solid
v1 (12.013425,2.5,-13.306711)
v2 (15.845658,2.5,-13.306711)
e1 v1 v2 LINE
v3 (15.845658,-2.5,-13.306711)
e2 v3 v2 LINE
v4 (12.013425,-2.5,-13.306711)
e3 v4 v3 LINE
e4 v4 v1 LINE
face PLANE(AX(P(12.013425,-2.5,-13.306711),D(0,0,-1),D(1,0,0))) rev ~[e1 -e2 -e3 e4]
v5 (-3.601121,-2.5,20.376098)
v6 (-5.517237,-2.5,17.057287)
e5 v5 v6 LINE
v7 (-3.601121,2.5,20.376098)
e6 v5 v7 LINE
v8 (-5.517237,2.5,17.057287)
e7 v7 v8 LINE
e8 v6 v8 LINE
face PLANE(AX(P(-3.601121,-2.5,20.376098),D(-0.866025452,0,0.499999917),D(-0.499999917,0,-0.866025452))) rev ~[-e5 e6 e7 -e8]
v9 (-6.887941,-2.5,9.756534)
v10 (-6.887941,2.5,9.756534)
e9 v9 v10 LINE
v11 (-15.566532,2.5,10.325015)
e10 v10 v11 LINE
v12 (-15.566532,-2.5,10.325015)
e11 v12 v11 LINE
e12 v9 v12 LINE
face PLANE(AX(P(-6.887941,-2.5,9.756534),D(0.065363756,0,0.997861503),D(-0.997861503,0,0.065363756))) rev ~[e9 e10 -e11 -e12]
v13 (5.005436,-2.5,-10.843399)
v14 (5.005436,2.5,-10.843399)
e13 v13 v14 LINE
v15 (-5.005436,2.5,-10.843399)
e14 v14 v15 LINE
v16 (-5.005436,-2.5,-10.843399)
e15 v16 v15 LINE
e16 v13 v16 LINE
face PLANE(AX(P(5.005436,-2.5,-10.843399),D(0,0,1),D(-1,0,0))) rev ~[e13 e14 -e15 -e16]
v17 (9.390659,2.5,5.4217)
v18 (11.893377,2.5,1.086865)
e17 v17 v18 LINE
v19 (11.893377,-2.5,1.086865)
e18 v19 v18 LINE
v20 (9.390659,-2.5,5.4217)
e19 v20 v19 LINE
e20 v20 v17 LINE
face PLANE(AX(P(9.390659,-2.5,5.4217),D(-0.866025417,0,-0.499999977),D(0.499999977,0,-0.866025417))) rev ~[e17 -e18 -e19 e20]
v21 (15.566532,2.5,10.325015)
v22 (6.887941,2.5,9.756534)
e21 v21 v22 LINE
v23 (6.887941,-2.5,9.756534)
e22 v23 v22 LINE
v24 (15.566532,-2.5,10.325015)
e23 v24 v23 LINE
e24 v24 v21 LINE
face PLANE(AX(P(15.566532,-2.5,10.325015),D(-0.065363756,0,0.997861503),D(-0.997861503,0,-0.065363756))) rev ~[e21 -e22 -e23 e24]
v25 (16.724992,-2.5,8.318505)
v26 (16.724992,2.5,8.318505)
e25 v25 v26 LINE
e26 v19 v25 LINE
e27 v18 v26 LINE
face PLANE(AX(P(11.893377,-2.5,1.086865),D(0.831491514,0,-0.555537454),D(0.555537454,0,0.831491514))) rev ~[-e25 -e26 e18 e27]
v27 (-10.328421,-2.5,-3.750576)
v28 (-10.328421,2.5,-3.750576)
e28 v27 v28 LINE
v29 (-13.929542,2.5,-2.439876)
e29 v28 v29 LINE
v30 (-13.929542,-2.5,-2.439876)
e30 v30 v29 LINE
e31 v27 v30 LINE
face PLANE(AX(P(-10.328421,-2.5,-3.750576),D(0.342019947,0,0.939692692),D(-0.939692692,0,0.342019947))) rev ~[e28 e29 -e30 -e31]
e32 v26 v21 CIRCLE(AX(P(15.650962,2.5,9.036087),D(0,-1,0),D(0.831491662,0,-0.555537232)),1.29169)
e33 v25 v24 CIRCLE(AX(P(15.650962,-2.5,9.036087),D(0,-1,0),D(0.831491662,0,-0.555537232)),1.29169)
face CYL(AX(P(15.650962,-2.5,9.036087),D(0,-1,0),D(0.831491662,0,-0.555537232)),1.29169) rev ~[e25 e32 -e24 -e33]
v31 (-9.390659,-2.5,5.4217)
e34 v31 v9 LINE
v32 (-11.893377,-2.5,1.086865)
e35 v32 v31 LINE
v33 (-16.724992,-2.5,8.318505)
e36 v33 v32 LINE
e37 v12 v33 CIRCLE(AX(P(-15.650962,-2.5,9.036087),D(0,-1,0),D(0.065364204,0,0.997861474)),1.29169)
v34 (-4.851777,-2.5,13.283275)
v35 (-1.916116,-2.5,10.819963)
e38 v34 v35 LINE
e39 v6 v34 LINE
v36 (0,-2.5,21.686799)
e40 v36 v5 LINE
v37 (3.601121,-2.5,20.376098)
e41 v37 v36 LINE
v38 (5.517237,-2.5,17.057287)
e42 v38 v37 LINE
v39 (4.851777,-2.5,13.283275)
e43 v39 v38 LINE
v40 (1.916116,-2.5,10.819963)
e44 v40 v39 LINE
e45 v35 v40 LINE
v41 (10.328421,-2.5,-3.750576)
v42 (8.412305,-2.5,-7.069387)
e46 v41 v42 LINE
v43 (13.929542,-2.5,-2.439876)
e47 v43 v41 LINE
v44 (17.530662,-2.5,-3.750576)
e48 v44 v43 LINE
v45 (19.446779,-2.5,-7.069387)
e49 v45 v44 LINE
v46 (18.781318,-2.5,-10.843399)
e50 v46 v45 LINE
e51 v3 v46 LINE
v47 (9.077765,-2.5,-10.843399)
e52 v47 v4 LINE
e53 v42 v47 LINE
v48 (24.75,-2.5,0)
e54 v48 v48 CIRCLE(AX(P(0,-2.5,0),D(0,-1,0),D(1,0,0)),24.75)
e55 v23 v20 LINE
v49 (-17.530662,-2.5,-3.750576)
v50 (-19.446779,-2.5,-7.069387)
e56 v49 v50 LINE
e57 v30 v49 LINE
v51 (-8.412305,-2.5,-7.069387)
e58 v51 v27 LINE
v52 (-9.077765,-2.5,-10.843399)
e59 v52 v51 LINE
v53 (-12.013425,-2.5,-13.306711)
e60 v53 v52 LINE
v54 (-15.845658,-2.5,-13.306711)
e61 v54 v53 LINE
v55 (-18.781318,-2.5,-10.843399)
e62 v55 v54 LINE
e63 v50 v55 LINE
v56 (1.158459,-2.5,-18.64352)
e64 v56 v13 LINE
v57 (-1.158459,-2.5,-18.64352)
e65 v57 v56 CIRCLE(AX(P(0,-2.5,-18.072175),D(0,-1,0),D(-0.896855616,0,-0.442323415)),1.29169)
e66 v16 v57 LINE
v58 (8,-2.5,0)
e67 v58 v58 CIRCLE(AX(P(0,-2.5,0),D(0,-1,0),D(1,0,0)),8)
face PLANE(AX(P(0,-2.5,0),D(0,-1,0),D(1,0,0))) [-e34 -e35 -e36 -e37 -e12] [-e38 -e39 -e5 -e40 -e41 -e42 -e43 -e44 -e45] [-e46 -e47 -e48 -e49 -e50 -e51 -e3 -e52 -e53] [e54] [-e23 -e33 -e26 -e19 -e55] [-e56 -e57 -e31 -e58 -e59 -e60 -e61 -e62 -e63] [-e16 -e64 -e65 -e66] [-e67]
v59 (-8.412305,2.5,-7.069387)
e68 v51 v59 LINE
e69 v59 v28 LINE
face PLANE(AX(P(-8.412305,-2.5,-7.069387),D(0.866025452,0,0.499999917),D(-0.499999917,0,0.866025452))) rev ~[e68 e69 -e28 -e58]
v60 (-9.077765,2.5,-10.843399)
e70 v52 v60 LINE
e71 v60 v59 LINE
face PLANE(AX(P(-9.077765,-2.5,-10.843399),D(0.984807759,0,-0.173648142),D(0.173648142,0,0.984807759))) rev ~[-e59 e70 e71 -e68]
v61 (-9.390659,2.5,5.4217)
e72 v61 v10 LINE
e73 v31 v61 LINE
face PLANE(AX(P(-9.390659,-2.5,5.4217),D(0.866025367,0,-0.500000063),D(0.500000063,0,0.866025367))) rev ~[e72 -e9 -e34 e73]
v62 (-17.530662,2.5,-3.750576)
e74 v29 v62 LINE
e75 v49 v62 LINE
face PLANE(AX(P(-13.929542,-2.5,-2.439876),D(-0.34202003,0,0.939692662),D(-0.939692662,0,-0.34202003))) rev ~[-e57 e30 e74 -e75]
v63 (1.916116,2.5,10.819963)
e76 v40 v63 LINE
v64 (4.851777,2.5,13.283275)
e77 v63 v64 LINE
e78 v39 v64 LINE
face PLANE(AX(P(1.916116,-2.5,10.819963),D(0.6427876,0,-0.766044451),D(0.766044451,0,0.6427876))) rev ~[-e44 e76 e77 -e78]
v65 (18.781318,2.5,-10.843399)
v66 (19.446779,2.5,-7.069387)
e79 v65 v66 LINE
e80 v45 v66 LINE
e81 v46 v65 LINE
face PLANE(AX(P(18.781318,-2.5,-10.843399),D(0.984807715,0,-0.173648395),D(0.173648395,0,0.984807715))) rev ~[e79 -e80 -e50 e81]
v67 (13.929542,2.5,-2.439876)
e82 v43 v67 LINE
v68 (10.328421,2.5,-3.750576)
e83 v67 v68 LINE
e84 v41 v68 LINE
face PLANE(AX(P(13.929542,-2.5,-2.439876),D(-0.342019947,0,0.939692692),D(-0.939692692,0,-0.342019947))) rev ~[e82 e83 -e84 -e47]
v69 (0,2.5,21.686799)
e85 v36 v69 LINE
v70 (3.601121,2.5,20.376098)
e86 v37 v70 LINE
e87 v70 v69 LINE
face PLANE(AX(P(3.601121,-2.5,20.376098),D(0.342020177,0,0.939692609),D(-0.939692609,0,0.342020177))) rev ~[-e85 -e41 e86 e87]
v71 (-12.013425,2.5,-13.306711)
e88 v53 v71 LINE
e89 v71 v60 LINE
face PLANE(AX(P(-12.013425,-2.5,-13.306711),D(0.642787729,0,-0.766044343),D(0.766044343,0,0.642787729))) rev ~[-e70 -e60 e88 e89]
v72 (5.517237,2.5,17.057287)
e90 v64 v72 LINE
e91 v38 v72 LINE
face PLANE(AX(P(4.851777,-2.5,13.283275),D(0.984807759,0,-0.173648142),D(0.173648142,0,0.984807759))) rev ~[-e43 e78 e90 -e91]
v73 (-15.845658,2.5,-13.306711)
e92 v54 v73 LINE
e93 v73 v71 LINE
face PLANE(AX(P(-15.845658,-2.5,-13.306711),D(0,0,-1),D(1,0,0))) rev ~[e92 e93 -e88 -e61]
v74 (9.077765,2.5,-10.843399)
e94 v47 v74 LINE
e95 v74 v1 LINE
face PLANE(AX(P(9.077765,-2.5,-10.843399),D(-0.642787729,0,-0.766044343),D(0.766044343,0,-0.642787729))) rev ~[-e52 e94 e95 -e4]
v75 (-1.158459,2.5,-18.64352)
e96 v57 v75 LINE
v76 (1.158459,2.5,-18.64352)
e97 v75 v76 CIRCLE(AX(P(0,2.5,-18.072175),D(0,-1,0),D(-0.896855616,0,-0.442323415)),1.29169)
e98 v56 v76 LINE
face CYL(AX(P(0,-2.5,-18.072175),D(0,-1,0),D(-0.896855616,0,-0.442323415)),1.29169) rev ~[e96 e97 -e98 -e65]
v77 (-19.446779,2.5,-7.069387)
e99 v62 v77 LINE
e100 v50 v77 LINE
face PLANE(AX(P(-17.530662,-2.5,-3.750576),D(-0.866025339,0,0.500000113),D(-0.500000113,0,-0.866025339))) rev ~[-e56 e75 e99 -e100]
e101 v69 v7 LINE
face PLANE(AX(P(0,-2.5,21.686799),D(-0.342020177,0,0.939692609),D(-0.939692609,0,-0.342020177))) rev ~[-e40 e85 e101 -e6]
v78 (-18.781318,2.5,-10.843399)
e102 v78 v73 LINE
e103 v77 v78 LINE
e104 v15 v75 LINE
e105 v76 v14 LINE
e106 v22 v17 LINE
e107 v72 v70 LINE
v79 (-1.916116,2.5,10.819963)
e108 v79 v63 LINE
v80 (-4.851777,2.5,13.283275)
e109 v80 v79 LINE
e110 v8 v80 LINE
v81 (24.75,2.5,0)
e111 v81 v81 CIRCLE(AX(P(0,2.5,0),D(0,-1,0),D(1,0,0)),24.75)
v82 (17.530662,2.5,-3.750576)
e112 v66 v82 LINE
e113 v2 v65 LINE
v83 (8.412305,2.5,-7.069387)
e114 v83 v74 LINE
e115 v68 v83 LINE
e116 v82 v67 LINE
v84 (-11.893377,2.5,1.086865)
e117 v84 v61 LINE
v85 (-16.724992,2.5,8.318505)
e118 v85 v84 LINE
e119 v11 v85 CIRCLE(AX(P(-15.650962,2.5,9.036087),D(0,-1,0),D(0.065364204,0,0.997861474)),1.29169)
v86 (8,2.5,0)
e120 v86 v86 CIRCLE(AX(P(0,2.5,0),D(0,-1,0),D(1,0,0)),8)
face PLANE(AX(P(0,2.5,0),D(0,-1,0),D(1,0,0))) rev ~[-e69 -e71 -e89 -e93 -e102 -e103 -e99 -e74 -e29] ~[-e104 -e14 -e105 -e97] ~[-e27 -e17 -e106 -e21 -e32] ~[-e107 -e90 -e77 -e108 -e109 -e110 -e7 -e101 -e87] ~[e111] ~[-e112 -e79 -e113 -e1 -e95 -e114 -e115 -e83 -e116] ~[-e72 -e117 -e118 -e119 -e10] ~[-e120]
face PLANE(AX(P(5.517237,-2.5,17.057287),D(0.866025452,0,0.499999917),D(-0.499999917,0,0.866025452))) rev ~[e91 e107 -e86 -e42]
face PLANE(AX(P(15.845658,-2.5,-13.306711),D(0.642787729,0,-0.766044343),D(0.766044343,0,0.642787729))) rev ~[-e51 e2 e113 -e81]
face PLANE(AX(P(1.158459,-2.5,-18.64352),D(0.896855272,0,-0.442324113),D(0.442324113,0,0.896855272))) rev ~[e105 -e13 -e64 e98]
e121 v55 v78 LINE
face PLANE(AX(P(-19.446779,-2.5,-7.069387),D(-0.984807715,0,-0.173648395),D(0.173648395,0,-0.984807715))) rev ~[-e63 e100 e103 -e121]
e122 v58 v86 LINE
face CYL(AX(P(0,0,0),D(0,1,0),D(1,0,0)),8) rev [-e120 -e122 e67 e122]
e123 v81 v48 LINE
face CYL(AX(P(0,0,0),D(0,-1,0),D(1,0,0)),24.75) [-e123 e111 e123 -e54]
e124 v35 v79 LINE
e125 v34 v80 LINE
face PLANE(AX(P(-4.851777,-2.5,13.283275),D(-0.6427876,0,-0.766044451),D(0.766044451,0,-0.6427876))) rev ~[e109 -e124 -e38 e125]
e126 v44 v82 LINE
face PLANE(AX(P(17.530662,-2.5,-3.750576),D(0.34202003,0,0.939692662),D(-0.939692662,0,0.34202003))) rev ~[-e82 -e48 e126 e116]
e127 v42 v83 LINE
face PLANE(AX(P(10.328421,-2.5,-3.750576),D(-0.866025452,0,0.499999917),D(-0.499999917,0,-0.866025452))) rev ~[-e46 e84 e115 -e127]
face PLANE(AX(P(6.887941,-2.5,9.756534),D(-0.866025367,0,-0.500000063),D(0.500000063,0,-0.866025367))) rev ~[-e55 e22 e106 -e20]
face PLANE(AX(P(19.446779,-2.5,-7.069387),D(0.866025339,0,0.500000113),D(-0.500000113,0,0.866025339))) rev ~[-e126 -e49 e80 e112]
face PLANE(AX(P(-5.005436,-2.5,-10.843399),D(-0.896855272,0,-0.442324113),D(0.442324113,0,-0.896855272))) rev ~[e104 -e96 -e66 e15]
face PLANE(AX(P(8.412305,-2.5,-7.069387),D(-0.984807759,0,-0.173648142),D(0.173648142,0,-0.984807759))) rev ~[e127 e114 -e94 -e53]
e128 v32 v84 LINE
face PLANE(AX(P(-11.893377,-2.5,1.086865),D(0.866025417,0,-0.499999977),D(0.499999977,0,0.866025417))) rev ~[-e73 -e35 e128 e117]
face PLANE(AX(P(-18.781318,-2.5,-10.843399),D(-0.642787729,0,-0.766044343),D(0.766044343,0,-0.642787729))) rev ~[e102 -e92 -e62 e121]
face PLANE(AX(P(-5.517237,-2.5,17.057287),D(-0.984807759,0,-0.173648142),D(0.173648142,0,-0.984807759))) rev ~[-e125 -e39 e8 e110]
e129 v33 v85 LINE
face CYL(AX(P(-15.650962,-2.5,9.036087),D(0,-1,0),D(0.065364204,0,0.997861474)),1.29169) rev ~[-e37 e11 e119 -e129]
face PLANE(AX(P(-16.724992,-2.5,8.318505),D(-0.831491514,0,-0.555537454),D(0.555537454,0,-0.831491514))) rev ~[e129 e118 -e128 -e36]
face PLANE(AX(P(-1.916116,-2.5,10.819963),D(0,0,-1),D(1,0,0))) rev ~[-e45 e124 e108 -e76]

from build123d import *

# Parameters (mm, degrees)
F0_R     = 24.75
F0_R_2   = 8
F1_DEPTH = 2.5
F3_DEPTH = 5.001


with BuildPart() as f1:
    # F0 (on Front) → F1 (new body, symmetric)
    with BuildSketch(Plane.XZ):
        Circle(F0_R)
        Circle(F0_R_2, mode=Mode.SUBTRACT)
    extrude(amount=F1_DEPTH, both=True)

    # F2 (on face) → F3 (cut, through all)
    with BuildSketch(Plane.XZ.offset(2.5)):
        Polygon((-1.916116, 10.819963), (1.916116, 10.819963), (4.851777, 13.283275), (5.517237, 17.057287), (3.601121, 20.376098), (0, 21.686799), (-3.601121, 20.376098), (-5.517237, 17.057287), (-4.851777, 13.283275), align=None)
        Polygon((-19.446779, -7.069387), (-18.781318, -10.843399), (-15.845658, -13.306711), (-12.013425, -13.306711), (-9.077765, -10.843399), (-8.412305, -7.069387), (-10.328421, -3.750576), (-13.929542, -2.439876), (-17.530662, -3.750576), align=None)
        Polygon((15.845658, -13.306711), (18.781318, -10.843399), (19.446779, -7.069387), (17.530662, -3.750576), (13.929542, -2.439876), (10.328421, -3.750576), (8.412305, -7.069387), (9.077765, -10.843399), (12.013425, -13.306711), align=None)
        with BuildLine():
            ThreePointArc((-1.158459, -18.64352), (0, -19.363865), (1.158459, -18.64352))
            Line((1.158459, -18.64352), (5.005436, -10.843399))
            Line((5.005436, -10.843399), (0, -10.843399))
            Line((0, -10.843399), (-5.005436, -10.843399))
            Line((-5.005436, -10.843399), (-1.158459, -18.64352))
        make_face()
        with BuildLine():
            Line((9.390659, 5.4217), (11.893377, 1.086865))
            Line((11.893377, 1.086865), (16.724992, 8.318505))
            ThreePointArc((16.724992, 8.318505), (16.769599, 9.681932), (15.566532, 10.325015))
            Line((15.566532, 10.325015), (6.887941, 9.756534))
            Line((6.887941, 9.756534), (9.390659, 5.4217))
        make_face()
        with BuildLine():
            Line((-9.390659, 5.4217), (-6.887941, 9.756534))
            Line((-6.887941, 9.756534), (-15.566532, 10.325015))
            ThreePointArc((-15.566532, 10.325015), (-16.769599, 9.681932), (-16.724992, 8.318505))
            Line((-16.724992, 8.318505), (-11.893377, 1.086865))
            Line((-11.893377, 1.086865), (-9.390659, 5.4217))
        make_face()
    extrude(amount=-F3_DEPTH, mode=Mode.SUBTRACT)


solid = f1.part
